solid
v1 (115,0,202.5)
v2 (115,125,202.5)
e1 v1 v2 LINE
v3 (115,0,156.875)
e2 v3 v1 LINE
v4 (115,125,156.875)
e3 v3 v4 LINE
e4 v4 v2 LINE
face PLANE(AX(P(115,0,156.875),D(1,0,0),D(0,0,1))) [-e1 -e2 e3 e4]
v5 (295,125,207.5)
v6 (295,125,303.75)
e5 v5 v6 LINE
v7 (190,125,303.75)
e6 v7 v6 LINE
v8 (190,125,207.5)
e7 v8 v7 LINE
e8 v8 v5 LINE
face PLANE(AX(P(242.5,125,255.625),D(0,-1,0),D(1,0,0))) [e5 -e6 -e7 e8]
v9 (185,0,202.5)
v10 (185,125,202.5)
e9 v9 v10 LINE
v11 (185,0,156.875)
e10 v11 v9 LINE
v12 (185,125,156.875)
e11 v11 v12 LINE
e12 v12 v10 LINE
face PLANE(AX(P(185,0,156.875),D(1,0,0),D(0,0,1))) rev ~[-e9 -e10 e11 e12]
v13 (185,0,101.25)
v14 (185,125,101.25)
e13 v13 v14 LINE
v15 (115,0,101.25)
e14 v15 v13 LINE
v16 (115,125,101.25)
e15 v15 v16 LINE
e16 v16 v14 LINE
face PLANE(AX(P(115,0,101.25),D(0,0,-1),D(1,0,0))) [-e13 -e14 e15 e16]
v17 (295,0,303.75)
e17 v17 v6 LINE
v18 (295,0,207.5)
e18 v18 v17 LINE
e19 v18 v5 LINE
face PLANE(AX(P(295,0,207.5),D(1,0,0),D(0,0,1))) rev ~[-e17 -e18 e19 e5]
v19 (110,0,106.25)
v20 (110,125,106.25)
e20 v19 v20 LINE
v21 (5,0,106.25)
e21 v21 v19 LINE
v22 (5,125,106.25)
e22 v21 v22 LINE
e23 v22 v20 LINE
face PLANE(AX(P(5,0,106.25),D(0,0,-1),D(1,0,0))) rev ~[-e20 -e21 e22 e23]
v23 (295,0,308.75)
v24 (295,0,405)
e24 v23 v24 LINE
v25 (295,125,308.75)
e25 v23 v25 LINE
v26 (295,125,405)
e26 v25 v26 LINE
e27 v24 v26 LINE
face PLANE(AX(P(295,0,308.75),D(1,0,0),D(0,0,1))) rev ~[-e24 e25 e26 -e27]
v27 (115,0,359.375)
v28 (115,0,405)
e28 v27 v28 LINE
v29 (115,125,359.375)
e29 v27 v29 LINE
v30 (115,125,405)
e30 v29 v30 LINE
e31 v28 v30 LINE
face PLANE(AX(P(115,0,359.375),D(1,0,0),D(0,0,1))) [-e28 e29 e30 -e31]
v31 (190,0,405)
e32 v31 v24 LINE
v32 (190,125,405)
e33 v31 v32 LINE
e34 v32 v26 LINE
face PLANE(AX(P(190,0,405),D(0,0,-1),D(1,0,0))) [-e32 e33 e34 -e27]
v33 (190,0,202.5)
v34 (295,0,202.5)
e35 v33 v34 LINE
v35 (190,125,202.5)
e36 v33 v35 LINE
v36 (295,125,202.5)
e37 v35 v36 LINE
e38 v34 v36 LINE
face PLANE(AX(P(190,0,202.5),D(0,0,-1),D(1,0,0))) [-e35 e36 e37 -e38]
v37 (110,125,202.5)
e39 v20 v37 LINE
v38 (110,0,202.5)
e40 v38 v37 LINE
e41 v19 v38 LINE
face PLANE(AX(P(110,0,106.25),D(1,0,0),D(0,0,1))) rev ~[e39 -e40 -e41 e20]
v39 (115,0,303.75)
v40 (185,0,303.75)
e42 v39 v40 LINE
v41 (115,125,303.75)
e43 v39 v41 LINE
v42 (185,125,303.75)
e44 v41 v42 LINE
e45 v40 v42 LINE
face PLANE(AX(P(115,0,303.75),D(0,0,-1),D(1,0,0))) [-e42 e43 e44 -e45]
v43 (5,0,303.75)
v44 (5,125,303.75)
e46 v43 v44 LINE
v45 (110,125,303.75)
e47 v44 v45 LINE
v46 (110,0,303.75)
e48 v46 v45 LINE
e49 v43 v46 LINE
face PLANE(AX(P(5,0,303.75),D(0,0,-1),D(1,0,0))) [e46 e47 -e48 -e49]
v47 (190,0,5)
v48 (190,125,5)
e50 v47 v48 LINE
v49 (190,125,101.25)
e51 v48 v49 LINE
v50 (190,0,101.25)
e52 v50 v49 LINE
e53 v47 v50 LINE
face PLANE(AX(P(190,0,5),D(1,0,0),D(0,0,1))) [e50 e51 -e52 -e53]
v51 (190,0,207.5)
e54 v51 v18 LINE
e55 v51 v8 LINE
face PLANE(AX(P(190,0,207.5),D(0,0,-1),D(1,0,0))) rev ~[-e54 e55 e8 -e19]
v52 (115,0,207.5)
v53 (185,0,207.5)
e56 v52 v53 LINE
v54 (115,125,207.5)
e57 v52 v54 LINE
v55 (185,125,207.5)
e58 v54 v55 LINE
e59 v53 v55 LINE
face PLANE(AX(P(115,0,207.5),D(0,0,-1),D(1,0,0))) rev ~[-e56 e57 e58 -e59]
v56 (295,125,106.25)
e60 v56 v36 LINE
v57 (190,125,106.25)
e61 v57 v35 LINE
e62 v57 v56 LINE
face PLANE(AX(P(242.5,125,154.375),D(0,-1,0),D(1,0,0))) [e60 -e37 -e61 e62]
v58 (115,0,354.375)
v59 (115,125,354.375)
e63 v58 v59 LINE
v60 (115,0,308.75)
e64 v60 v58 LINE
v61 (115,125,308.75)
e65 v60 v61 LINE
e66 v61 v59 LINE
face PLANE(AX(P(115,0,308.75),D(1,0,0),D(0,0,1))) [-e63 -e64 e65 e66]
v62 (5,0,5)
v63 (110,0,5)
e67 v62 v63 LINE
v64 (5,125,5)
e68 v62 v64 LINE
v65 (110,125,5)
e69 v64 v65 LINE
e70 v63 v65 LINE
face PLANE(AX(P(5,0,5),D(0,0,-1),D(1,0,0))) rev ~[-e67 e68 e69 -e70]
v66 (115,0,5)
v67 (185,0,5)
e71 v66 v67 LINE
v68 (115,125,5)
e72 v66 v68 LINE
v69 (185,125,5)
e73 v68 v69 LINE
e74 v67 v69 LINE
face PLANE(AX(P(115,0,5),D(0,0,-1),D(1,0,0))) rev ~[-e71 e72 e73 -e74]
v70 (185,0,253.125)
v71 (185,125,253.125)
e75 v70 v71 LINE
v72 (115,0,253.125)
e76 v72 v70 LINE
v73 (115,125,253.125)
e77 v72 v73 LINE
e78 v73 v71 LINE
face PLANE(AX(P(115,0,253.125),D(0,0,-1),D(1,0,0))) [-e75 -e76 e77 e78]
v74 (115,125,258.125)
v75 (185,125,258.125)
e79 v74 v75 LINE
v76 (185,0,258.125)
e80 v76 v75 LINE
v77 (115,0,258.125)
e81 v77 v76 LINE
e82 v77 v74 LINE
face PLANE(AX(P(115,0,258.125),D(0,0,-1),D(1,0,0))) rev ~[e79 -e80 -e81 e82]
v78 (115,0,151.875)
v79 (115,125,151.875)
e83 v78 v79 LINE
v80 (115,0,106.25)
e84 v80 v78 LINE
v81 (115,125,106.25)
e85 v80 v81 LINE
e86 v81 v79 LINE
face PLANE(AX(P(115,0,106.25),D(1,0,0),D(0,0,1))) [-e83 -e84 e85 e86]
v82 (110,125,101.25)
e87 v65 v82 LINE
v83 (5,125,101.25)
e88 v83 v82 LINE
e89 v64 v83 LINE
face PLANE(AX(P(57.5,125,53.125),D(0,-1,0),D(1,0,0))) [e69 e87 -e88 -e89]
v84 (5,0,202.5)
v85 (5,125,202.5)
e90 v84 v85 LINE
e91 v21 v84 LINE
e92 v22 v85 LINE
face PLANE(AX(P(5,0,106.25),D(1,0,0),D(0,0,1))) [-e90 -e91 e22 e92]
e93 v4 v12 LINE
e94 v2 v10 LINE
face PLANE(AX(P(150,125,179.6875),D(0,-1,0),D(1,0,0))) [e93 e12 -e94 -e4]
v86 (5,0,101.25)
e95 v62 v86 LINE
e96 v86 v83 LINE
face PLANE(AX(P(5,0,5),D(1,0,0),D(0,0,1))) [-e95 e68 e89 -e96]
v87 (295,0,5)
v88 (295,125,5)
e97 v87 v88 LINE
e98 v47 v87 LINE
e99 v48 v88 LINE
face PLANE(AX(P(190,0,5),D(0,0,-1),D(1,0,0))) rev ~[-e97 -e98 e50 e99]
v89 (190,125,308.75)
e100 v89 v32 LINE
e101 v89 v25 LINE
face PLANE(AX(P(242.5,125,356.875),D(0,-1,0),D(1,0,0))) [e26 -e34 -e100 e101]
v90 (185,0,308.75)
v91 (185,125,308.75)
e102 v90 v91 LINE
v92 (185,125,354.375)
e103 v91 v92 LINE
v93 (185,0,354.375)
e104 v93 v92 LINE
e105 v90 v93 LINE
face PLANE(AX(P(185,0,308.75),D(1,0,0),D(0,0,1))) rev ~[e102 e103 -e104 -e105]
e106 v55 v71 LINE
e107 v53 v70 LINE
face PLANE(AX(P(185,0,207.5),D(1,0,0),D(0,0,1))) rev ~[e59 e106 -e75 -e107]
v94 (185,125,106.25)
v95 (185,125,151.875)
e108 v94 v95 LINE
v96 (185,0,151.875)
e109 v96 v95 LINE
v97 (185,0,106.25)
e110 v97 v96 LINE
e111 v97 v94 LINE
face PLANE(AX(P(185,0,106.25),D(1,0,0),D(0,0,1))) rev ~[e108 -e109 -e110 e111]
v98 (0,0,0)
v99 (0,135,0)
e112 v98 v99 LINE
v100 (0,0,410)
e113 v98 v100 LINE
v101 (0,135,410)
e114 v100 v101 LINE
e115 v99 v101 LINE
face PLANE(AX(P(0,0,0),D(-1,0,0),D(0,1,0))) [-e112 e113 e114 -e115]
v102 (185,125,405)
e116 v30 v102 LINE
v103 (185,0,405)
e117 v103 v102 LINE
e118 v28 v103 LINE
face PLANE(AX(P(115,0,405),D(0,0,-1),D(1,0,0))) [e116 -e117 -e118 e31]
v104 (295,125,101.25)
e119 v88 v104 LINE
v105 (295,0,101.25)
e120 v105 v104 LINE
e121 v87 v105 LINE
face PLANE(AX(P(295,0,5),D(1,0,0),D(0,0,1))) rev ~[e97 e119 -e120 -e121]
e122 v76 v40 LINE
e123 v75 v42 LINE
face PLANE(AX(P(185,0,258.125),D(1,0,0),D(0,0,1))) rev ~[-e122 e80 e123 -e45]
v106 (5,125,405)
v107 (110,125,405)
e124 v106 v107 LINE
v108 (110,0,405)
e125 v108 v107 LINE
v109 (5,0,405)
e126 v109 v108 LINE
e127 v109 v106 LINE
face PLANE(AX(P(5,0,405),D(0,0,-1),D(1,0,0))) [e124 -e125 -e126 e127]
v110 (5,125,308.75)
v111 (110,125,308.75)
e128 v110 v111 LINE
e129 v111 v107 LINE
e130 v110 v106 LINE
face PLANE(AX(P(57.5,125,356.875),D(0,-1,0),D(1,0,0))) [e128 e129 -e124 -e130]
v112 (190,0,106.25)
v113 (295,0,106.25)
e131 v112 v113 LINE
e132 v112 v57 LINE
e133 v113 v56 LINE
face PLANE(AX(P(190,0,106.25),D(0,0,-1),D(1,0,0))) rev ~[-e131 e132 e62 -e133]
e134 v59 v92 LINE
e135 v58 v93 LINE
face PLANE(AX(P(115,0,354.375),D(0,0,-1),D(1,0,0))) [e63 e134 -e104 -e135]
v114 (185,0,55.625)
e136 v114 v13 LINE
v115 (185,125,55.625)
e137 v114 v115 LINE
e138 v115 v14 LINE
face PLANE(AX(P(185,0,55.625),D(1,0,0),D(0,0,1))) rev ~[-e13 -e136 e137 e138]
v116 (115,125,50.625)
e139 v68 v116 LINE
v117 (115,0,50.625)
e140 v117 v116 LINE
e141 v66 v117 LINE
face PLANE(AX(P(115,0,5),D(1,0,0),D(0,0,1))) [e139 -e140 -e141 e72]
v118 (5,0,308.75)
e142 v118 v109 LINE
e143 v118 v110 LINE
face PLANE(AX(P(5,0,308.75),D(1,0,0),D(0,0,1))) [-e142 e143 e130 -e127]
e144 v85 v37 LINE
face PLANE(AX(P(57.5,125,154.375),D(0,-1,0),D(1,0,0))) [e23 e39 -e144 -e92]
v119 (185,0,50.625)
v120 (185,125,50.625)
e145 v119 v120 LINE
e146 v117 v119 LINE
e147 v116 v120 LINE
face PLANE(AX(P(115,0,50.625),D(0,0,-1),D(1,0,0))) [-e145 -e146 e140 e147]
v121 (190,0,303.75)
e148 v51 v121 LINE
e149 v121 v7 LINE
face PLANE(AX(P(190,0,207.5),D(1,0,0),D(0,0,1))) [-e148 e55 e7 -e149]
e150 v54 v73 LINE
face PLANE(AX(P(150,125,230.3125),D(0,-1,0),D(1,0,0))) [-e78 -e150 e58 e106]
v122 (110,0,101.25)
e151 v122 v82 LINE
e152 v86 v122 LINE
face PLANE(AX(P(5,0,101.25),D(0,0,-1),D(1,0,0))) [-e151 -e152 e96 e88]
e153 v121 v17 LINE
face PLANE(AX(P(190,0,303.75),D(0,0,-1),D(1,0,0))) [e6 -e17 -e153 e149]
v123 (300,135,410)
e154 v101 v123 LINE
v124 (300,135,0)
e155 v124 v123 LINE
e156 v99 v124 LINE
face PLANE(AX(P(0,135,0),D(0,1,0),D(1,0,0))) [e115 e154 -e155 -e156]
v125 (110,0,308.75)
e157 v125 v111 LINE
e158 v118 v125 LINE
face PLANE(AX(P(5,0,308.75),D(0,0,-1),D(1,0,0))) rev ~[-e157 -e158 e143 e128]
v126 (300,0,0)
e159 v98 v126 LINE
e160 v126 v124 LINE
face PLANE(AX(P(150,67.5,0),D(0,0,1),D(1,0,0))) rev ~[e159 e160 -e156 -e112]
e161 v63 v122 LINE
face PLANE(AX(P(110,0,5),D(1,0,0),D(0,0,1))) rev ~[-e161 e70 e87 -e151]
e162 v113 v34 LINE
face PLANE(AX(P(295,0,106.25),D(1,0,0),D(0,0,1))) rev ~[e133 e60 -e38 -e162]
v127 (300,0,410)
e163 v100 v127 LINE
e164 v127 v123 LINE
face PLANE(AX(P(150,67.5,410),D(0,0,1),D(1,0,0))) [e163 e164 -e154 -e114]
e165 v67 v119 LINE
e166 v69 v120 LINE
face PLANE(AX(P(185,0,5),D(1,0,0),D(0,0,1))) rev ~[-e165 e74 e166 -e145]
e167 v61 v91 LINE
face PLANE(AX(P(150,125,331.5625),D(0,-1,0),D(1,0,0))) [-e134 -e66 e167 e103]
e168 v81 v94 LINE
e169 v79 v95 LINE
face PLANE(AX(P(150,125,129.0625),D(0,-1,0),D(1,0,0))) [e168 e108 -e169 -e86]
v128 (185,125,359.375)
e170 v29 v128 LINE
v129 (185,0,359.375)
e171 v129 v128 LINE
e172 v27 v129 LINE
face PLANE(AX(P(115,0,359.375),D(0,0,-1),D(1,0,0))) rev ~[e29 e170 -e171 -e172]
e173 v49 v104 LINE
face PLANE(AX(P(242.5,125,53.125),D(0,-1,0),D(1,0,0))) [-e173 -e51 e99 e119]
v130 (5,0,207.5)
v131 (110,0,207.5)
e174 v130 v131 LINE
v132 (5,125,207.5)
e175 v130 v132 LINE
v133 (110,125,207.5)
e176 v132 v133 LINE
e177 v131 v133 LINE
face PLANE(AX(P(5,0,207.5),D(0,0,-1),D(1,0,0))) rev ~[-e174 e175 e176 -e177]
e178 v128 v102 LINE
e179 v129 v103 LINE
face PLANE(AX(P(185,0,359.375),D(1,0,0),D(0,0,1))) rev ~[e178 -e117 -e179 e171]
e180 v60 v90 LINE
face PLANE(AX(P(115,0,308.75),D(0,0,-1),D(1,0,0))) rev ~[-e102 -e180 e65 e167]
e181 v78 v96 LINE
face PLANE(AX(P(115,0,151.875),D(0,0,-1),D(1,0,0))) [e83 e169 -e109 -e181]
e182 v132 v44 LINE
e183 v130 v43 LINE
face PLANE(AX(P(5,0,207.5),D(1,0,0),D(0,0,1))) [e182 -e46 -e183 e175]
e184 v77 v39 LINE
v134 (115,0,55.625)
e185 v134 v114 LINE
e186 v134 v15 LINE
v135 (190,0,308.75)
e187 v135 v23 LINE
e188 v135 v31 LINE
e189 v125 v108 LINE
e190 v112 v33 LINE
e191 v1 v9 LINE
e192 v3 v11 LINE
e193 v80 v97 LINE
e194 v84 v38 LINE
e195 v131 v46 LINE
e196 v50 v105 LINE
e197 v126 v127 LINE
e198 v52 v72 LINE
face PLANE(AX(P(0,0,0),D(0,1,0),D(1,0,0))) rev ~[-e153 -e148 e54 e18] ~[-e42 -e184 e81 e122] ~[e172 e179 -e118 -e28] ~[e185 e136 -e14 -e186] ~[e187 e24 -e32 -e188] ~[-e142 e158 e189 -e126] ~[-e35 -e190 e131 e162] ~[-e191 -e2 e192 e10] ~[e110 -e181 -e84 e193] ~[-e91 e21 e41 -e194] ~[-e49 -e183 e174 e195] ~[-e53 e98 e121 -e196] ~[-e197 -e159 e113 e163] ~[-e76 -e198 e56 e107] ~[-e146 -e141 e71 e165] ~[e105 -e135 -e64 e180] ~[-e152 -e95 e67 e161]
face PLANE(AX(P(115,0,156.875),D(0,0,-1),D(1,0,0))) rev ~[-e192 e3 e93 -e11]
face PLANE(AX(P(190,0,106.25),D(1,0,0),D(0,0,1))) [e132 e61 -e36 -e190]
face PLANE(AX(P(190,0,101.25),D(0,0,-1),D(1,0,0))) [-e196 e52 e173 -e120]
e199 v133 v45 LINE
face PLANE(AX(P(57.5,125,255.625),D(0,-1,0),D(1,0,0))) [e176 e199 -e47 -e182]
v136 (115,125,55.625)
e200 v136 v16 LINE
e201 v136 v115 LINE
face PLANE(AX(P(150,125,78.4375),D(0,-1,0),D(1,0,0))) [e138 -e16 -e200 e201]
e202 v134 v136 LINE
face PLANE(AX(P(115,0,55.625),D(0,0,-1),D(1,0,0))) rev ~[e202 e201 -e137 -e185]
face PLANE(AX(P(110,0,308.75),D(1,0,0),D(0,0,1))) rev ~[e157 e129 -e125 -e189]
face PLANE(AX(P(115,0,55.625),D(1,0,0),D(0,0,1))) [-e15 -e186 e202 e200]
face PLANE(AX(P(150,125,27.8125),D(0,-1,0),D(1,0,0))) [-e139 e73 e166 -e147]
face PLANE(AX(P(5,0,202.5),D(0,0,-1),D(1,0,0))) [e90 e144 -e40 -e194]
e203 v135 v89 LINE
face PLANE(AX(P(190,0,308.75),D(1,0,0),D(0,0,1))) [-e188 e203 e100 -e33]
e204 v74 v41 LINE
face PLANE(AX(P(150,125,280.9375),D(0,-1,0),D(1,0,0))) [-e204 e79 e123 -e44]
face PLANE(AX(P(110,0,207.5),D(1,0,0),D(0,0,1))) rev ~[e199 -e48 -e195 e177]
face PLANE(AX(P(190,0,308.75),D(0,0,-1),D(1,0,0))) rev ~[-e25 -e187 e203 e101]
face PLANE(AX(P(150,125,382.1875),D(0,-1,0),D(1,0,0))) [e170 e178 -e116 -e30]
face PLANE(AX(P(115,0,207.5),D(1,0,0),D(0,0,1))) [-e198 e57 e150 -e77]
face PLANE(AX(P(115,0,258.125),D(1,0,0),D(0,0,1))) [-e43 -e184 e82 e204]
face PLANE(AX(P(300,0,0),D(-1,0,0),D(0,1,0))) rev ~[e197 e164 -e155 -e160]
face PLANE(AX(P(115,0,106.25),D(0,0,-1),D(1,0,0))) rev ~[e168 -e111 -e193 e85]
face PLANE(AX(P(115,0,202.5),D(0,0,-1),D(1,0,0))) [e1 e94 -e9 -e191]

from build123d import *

# Parameters (mm, degrees)
F0_W     = 300
F0_H     = 135
F1_DEPTH = 410
F2_W     = 105
F2_H     = 96.25
F2_W_2   = 70
F2_H_2   = 45.625
F3_DEPTH = 125


with BuildPart() as f1:
    # F0 (on Top) → F1 (new body)
    with BuildSketch(Plane.XY):
        with Locations((150, 67.5)):
            Rectangle(F0_W, F0_H)
    extrude(amount=F1_DEPTH)

    # F2 (on face) → F3 (cut)
    with BuildSketch(Plane.XZ):
        with Locations((242.5, 356.875)):
            Rectangle(F2_W, F2_H)
        with Locations((150, 230.3125)):
            Rectangle(F2_W_2, F2_H_2)
        with Locations((150, 280.9375)):
            Rectangle(F2_W_2, F2_H_2)
        with Locations((150, 331.5625)):
            Rectangle(F2_W_2, F2_H_2)
        with Locations((150, 382.1875)):
            Rectangle(F2_W_2, F2_H_2)
        with Locations((150, 179.6875)):
            Rectangle(F2_W_2, F2_H_2)
        with Locations((150, 129.0625)):
            Rectangle(F2_W_2, F2_H_2)
        with Locations((150, 78.4375)):
            Rectangle(F2_W_2, F2_H_2)
        with Locations((242.5, 53.125)):
            Rectangle(F2_W, F2_H)
        with Locations((150, 27.8125)):
            Rectangle(F2_W_2, F2_H_2)
        with Locations((57.5, 53.125)):
            Rectangle(F2_W, F2_H)
        with Locations((57.5, 154.375)):
            Rectangle(F2_W, F2_H)
        with Locations((57.5, 255.625)):
            Rectangle(F2_W, F2_H)
        with Locations((57.5, 356.875)):
            Rectangle(F2_W, F2_H)
        with Locations((242.5, 255.625)):
            Rectangle(F2_W, F2_H)
        with Locations((242.5, 154.375)):
            Rectangle(F2_W, F2_H)
    extrude(amount=-F3_DEPTH, mode=Mode.SUBTRACT)


solid = f1.part
